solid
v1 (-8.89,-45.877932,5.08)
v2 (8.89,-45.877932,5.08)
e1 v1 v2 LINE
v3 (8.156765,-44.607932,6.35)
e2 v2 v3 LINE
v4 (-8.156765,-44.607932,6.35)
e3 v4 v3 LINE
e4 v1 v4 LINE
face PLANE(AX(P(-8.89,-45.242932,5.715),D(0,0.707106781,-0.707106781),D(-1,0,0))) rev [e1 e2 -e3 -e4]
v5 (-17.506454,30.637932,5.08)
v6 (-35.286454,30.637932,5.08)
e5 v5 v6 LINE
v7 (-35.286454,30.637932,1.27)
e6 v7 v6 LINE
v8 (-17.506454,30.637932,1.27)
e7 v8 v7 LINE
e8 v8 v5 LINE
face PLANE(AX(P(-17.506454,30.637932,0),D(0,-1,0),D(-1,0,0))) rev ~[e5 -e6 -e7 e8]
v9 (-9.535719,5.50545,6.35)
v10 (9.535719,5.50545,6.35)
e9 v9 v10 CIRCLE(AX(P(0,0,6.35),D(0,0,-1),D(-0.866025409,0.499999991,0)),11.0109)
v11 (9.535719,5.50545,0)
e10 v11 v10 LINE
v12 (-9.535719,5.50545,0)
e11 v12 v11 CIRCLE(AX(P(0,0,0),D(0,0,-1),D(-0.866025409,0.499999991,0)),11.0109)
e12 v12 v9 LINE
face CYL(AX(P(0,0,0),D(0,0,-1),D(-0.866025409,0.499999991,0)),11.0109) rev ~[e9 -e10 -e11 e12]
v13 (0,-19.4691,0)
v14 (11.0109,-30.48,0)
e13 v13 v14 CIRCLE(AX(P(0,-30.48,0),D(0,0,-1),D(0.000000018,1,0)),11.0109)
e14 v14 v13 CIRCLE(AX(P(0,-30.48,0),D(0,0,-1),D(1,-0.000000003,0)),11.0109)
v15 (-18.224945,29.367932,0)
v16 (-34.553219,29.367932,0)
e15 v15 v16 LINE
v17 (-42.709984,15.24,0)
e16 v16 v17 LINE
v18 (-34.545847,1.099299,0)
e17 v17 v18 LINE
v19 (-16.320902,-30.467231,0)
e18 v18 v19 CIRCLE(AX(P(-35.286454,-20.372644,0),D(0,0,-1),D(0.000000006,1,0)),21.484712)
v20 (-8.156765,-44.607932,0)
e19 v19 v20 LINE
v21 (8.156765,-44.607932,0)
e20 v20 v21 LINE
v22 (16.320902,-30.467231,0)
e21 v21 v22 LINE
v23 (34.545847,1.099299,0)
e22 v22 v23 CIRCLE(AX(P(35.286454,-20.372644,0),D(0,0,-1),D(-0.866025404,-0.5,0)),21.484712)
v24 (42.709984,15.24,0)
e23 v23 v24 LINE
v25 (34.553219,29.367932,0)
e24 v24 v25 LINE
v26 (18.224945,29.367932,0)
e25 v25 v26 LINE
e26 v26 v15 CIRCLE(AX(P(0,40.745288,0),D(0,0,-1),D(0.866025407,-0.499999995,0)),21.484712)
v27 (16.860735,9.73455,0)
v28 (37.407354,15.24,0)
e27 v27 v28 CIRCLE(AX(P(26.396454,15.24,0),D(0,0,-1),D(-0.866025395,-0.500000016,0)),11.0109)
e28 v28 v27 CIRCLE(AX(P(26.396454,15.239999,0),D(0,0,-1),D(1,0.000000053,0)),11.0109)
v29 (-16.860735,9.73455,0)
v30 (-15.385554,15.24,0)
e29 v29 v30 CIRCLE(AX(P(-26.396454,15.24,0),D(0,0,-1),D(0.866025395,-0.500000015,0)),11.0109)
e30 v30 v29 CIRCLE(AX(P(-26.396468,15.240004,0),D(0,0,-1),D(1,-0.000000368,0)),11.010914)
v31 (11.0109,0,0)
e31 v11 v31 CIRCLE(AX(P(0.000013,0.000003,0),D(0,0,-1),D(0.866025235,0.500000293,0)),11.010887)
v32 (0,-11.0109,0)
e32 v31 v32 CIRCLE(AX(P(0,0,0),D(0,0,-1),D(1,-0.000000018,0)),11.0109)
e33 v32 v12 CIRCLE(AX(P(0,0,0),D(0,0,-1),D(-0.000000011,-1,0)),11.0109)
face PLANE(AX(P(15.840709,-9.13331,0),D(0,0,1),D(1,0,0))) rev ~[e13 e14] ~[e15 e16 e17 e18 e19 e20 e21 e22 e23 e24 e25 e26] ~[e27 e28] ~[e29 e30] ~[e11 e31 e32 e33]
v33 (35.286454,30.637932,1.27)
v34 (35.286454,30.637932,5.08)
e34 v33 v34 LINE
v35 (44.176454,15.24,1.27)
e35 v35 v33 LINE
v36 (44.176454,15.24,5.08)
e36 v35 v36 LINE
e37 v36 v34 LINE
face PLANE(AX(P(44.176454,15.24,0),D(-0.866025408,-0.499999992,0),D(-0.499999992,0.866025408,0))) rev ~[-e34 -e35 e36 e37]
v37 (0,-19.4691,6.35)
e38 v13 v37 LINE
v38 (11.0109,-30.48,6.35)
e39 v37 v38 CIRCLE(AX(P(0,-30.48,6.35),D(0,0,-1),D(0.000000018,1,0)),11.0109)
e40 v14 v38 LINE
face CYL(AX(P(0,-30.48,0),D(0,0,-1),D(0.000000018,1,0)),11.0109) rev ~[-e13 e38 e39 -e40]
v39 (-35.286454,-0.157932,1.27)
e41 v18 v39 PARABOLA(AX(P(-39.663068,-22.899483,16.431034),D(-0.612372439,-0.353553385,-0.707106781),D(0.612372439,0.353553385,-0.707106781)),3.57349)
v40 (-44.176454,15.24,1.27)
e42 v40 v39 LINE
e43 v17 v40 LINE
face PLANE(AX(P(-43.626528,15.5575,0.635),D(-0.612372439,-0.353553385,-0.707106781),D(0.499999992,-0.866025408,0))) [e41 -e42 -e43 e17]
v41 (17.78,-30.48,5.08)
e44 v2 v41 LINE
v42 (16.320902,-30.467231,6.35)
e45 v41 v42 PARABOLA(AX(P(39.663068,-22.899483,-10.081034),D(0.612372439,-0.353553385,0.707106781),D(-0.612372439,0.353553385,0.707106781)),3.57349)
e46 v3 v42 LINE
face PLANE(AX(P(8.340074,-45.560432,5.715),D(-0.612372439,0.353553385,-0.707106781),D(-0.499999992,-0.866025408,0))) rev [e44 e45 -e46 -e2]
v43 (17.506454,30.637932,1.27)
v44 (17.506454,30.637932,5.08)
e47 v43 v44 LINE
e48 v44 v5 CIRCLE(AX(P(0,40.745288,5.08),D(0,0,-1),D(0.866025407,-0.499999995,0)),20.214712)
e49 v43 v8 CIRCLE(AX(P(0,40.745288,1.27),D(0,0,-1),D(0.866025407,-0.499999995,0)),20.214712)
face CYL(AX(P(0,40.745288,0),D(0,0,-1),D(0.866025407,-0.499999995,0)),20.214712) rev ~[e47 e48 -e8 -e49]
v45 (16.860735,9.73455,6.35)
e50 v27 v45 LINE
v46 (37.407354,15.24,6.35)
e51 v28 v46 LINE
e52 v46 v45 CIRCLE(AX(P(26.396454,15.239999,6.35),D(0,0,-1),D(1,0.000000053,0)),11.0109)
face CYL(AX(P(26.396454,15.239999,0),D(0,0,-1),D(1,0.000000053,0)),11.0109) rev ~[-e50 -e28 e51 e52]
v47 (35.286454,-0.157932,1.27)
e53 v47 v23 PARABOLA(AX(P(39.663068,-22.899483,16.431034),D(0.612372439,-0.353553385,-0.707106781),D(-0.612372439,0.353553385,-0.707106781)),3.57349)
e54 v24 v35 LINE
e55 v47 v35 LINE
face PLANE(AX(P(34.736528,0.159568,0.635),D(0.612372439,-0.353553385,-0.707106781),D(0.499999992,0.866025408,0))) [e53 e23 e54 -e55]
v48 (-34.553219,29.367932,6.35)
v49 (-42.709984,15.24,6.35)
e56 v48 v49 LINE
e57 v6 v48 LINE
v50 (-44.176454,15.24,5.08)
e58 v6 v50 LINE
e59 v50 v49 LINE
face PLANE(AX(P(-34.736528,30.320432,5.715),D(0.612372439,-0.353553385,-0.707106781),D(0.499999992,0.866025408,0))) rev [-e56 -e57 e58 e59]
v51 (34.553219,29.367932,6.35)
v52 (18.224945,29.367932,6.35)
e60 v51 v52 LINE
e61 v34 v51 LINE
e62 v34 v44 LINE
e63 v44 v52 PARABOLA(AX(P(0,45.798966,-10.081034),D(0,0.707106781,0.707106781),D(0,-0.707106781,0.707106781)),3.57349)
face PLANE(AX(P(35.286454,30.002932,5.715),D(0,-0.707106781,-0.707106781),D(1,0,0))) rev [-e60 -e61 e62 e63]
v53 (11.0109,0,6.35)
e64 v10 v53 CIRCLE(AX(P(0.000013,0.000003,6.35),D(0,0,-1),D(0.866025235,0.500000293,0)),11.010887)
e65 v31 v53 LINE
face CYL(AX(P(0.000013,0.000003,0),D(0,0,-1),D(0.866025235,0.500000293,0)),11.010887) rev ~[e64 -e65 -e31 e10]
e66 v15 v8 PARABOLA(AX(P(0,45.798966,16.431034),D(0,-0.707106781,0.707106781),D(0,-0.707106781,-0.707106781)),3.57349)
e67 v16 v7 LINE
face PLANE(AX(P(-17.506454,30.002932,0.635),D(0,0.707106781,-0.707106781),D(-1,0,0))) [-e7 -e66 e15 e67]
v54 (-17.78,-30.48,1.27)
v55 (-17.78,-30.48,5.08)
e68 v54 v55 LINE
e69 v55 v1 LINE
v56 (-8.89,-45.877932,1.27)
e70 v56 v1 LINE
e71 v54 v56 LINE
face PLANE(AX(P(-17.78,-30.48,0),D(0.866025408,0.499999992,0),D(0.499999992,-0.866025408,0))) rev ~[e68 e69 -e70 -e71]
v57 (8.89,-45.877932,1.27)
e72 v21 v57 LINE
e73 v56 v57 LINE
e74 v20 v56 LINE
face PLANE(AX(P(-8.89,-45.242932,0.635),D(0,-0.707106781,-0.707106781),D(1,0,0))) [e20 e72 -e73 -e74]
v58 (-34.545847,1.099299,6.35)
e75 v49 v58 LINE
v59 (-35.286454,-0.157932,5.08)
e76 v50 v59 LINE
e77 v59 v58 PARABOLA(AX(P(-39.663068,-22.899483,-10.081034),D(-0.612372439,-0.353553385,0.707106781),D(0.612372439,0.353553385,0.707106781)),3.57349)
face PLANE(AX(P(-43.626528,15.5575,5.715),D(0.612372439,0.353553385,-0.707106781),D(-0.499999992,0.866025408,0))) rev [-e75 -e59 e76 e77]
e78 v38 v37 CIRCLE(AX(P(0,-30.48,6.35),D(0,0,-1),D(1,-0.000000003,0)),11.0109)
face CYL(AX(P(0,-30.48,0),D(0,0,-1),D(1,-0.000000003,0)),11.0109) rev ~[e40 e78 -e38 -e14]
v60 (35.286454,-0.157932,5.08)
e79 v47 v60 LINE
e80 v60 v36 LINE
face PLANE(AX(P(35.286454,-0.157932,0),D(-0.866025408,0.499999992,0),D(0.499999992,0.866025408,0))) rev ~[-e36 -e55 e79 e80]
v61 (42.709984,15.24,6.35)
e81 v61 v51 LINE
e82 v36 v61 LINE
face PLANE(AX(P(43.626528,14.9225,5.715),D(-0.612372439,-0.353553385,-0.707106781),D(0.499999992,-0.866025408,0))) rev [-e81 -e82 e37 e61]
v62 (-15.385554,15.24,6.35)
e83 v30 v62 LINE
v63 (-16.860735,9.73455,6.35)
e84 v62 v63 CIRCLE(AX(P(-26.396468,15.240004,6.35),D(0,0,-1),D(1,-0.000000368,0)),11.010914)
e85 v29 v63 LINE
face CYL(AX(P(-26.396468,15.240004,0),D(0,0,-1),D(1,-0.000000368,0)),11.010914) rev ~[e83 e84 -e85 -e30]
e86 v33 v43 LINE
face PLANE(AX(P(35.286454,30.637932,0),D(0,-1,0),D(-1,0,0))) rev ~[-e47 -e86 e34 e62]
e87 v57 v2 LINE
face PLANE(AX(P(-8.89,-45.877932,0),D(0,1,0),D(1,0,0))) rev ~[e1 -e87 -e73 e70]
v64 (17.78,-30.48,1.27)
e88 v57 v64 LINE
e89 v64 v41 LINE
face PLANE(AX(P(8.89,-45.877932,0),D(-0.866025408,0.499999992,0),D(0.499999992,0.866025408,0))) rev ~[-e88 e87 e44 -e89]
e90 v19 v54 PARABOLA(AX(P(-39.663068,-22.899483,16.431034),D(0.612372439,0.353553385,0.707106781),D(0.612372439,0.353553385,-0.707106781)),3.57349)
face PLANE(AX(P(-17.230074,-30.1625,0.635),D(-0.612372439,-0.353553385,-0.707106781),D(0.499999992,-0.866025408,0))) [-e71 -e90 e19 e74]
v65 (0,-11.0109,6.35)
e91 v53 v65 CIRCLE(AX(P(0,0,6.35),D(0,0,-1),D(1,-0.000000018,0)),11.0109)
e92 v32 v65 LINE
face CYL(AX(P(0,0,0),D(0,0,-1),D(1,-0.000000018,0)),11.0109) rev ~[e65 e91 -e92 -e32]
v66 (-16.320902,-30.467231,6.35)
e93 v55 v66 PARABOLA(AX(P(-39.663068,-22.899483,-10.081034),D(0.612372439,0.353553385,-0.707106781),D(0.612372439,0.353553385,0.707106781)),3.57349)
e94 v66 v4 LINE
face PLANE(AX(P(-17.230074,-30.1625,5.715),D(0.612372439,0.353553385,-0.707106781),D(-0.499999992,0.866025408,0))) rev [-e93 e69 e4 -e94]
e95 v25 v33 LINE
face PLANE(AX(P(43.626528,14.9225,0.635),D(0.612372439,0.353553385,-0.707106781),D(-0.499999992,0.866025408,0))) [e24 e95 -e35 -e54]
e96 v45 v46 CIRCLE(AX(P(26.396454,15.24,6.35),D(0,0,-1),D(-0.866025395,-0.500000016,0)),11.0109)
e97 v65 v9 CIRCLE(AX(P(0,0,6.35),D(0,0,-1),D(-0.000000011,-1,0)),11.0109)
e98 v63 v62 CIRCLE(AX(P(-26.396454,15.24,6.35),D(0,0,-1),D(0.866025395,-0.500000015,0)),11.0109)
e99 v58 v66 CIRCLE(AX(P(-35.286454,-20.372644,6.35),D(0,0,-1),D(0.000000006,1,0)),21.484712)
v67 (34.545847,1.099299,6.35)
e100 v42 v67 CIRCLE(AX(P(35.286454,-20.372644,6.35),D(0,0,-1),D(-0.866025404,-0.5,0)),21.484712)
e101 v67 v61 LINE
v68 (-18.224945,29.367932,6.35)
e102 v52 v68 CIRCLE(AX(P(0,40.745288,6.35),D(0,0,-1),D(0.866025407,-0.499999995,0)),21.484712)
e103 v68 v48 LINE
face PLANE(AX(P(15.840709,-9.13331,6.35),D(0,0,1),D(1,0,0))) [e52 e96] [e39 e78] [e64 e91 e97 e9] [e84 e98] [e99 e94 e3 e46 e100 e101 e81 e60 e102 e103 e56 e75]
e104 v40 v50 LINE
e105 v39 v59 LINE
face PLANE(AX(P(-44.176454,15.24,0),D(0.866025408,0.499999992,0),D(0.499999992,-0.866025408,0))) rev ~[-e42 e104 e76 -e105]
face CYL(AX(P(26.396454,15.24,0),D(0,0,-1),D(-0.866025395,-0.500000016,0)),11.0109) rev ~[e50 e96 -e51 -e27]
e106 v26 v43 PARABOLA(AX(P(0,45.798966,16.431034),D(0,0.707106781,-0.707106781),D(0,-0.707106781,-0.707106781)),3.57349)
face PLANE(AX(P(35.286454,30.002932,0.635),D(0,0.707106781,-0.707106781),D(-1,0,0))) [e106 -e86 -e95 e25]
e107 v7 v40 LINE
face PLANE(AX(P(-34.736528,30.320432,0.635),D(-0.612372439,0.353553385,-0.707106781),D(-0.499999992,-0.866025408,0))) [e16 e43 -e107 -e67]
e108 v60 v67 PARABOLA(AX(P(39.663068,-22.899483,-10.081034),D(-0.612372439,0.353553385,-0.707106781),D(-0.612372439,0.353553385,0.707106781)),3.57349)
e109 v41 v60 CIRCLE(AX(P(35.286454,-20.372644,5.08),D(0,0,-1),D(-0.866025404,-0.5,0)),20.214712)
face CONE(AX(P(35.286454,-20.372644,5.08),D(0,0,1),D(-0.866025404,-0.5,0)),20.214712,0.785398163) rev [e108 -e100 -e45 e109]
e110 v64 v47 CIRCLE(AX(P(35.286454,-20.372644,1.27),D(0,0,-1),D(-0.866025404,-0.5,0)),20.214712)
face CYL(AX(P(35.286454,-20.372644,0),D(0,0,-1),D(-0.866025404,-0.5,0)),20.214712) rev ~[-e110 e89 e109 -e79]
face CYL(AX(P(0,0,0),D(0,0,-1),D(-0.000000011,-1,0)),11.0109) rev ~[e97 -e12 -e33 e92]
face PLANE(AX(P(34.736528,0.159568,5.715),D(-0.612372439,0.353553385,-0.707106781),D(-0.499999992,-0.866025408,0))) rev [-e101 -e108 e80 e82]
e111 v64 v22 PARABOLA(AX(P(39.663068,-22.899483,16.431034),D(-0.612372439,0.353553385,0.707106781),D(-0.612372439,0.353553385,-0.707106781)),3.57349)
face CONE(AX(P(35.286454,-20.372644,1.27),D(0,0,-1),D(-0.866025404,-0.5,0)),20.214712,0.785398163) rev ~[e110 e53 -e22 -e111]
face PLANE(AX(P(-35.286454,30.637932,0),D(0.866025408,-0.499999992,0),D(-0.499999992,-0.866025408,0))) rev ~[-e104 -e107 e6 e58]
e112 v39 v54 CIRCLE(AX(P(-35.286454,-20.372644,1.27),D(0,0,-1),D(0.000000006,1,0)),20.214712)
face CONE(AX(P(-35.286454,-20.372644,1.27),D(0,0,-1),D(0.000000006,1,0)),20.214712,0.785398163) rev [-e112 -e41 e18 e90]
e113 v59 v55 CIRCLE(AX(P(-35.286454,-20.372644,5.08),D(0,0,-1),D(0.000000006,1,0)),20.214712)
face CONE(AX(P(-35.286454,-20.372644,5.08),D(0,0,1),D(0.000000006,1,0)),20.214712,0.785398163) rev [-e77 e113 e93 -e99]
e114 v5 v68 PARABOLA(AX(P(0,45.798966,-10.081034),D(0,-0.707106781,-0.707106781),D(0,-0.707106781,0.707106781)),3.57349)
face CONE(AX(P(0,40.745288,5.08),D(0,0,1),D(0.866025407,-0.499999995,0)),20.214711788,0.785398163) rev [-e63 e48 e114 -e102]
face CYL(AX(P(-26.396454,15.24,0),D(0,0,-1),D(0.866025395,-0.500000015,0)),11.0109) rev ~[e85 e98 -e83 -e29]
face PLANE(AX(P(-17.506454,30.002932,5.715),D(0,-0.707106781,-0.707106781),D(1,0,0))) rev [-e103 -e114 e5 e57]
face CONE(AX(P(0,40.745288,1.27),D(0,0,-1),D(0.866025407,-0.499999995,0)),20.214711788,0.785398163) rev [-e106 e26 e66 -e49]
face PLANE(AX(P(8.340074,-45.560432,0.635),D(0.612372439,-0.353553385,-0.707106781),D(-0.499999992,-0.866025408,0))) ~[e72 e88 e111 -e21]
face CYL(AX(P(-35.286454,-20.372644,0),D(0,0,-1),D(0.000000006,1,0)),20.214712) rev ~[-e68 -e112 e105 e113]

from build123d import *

# Parameters (mm, degrees)
F1_DEPTH = 6.35
F2_SIZE  = 1.27
F3_SIZE  = 1.27


with BuildPart() as f1:
    # F0 (on Top) → F1 (new body)
    with BuildSketch(Plane.XY):
        with BuildLine():
            ThreePointArc((9.535719, 5.50545), (10.635713, 2.849831), (11.0109, 0))
            ThreePointArc((11.0109, 0), (7.785882, -7.785882), (0, -11.0109))
            Line((0, -11.0109), (0, -15.082068))
            Line((0, -15.082068), (8.89, -15.082068))
            Line((8.89, -15.082068), (17.78, -30.48))
            ThreePointArc((17.78, -30.48), (17.78, -10.265288), (35.286454, -0.157932))
            Line((35.286454, -0.157932), (17.506454, -0.157932))
            Line((17.506454, -0.157932), (13.061454, 7.541034))
            Line((13.061454, 7.541034), (9.535719, 5.50545))
        make_face()
        with BuildLine():
            ThreePointArc((-9.535719, 5.50545), (0, 11.0109), (9.535719, 5.50545))
            Line((9.535719, 5.50545), (13.061454, 7.541034))
            Line((13.061454, 7.541034), (8.616454, 15.24))
            Line((8.616454, 15.24), (17.506454, 30.637932))
            ThreePointArc((17.506454, 30.637932), (0, 20.530576), (-17.506454, 30.637932))
            Line((-17.506454, 30.637932), (-8.616454, 15.24))
            Line((-8.616454, 15.24), (-13.061454, 7.541034))
            Line((-13.061454, 7.541034), (-9.535719, 5.50545))
        make_face()
        with BuildLine():
            Line((0, -15.082068), (0, -11.0109))
            ThreePointArc((0, -11.0109), (-9.535719, -5.50545), (-9.535719, 5.50545))
            Line((-9.535719, 5.50545), (-13.061454, 7.541034))
            Line((-13.061454, 7.541034), (-17.506454, -0.157932))
            Line((-17.506454, -0.157932), (-35.286454, -0.157932))
            ThreePointArc((-35.286454, -0.157932), (-17.78, -10.265288), (-17.78, -30.48))
            Line((-17.78, -30.48), (-8.89, -15.082068))
            Line((-8.89, -15.082068), (0, -15.082068))
        make_face()
        with BuildLine():
            ThreePointArc((37.407354, 15.24), (23.546624, 25.875713), (16.860735, 9.73455))
            ThreePointArc((16.860735, 9.73455), (29.246285, 4.604287), (37.407354, 15.24))
        make_face()
        Polygon((8.616454, 15.24), (13.061454, 7.541034), (17.506454, -0.157932), (35.286454, -0.157932), (44.176454, 15.24), (35.286454, 30.637932), (17.506454, 30.637932), align=None)
        with BuildLine():
            ThreePointArc((37.407354, 15.24), (29.246285, 4.604287), (16.860735, 9.73455))
            ThreePointArc((16.860735, 9.73455), (23.546624, 25.875713), (37.407354, 15.24))
        make_face(mode=Mode.SUBTRACT)
        with BuildLine():
            ThreePointArc((11.0109, -30.48), (7.785882, -22.694118), (0, -19.4691))
            ThreePointArc((0, -19.4691), (-7.785882, -38.265882), (11.0109, -30.48))
        make_face()
        Polygon((8.89, -15.082068), (0, -15.082068), (-8.89, -15.082068), (-17.78, -30.48), (-8.89, -45.877932), (8.89, -45.877932), (17.78, -30.48), align=None)
        with BuildLine():
            ThreePointArc((11.0109, -30.48), (-7.785882, -38.265882), (0, -19.4691))
            ThreePointArc((0, -19.4691), (7.785882, -22.694118), (11.0109, -30.48))
        make_face(mode=Mode.SUBTRACT)
        with BuildLine():
            ThreePointArc((-15.385554, 15.24), (-37.032167, 18.089831), (-16.860735, 9.73455))
            ThreePointArc((-16.860735, 9.73455), (-15.760742, 12.390169), (-15.385554, 15.24))
        make_face()
        Polygon((-17.506454, -0.157932), (-13.061454, 7.541034), (-8.616454, 15.24), (-17.506454, 30.637932), (-35.286454, 30.637932), (-44.176454, 15.24), (-35.286454, -0.157932), align=None)
        with BuildLine():
            ThreePointArc((-15.385554, 15.24), (-15.760742, 12.390169), (-16.860735, 9.73455))
            ThreePointArc((-16.860735, 9.73455), (-37.032167, 18.089831), (-15.385554, 15.24))
        make_face(mode=Mode.SUBTRACT)
    extrude(amount=F1_DEPTH)

    # F2
    f2_edges = [f1.edges().sort_by_distance(p)[0] for p in [
        (-26.396454, 30.637932, 6.35),
        (0, 20.530576, 6.35),
        (26.396454, 30.637932, 6.35),
        (39.731454, 22.938966, 6.35),
        (39.731454, 7.541034, 6.35),
        (17.78, -10.265288, 6.35),
        (13.335, -38.178966, 6.35),
        (0, -45.877932, 6.35),
        (-13.335, -38.178966, 6.35),
        (-17.78, -10.265288, 6.35),
        (-39.731454, 7.541034, 6.35),
        (-39.731454, 22.938966, 6.35),
    ]]
    chamfer(f2_edges, length=F2_SIZE)

    # F3
    f3_edges = [f1.edges().sort_by_distance(p)[0] for p in [
        (0, -45.877932, 0),
        (13.335, -38.178966, 0),
        (17.78, -10.265288, 0),
        (39.731454, 7.541034, 0),
        (39.731454, 22.938966, 0),
        (26.396454, 30.637932, 0),
        (0, 20.530576, 0),
        (-26.396454, 30.637932, 0),
        (-39.731454, 22.938966, 0),
        (-39.731454, 7.541034, 0),
        (-17.78, -10.265288, 0),
        (-13.335, -38.178966, 0),
    ]]
    chamfer(f3_edges, length=F3_SIZE)


solid = f1.part
